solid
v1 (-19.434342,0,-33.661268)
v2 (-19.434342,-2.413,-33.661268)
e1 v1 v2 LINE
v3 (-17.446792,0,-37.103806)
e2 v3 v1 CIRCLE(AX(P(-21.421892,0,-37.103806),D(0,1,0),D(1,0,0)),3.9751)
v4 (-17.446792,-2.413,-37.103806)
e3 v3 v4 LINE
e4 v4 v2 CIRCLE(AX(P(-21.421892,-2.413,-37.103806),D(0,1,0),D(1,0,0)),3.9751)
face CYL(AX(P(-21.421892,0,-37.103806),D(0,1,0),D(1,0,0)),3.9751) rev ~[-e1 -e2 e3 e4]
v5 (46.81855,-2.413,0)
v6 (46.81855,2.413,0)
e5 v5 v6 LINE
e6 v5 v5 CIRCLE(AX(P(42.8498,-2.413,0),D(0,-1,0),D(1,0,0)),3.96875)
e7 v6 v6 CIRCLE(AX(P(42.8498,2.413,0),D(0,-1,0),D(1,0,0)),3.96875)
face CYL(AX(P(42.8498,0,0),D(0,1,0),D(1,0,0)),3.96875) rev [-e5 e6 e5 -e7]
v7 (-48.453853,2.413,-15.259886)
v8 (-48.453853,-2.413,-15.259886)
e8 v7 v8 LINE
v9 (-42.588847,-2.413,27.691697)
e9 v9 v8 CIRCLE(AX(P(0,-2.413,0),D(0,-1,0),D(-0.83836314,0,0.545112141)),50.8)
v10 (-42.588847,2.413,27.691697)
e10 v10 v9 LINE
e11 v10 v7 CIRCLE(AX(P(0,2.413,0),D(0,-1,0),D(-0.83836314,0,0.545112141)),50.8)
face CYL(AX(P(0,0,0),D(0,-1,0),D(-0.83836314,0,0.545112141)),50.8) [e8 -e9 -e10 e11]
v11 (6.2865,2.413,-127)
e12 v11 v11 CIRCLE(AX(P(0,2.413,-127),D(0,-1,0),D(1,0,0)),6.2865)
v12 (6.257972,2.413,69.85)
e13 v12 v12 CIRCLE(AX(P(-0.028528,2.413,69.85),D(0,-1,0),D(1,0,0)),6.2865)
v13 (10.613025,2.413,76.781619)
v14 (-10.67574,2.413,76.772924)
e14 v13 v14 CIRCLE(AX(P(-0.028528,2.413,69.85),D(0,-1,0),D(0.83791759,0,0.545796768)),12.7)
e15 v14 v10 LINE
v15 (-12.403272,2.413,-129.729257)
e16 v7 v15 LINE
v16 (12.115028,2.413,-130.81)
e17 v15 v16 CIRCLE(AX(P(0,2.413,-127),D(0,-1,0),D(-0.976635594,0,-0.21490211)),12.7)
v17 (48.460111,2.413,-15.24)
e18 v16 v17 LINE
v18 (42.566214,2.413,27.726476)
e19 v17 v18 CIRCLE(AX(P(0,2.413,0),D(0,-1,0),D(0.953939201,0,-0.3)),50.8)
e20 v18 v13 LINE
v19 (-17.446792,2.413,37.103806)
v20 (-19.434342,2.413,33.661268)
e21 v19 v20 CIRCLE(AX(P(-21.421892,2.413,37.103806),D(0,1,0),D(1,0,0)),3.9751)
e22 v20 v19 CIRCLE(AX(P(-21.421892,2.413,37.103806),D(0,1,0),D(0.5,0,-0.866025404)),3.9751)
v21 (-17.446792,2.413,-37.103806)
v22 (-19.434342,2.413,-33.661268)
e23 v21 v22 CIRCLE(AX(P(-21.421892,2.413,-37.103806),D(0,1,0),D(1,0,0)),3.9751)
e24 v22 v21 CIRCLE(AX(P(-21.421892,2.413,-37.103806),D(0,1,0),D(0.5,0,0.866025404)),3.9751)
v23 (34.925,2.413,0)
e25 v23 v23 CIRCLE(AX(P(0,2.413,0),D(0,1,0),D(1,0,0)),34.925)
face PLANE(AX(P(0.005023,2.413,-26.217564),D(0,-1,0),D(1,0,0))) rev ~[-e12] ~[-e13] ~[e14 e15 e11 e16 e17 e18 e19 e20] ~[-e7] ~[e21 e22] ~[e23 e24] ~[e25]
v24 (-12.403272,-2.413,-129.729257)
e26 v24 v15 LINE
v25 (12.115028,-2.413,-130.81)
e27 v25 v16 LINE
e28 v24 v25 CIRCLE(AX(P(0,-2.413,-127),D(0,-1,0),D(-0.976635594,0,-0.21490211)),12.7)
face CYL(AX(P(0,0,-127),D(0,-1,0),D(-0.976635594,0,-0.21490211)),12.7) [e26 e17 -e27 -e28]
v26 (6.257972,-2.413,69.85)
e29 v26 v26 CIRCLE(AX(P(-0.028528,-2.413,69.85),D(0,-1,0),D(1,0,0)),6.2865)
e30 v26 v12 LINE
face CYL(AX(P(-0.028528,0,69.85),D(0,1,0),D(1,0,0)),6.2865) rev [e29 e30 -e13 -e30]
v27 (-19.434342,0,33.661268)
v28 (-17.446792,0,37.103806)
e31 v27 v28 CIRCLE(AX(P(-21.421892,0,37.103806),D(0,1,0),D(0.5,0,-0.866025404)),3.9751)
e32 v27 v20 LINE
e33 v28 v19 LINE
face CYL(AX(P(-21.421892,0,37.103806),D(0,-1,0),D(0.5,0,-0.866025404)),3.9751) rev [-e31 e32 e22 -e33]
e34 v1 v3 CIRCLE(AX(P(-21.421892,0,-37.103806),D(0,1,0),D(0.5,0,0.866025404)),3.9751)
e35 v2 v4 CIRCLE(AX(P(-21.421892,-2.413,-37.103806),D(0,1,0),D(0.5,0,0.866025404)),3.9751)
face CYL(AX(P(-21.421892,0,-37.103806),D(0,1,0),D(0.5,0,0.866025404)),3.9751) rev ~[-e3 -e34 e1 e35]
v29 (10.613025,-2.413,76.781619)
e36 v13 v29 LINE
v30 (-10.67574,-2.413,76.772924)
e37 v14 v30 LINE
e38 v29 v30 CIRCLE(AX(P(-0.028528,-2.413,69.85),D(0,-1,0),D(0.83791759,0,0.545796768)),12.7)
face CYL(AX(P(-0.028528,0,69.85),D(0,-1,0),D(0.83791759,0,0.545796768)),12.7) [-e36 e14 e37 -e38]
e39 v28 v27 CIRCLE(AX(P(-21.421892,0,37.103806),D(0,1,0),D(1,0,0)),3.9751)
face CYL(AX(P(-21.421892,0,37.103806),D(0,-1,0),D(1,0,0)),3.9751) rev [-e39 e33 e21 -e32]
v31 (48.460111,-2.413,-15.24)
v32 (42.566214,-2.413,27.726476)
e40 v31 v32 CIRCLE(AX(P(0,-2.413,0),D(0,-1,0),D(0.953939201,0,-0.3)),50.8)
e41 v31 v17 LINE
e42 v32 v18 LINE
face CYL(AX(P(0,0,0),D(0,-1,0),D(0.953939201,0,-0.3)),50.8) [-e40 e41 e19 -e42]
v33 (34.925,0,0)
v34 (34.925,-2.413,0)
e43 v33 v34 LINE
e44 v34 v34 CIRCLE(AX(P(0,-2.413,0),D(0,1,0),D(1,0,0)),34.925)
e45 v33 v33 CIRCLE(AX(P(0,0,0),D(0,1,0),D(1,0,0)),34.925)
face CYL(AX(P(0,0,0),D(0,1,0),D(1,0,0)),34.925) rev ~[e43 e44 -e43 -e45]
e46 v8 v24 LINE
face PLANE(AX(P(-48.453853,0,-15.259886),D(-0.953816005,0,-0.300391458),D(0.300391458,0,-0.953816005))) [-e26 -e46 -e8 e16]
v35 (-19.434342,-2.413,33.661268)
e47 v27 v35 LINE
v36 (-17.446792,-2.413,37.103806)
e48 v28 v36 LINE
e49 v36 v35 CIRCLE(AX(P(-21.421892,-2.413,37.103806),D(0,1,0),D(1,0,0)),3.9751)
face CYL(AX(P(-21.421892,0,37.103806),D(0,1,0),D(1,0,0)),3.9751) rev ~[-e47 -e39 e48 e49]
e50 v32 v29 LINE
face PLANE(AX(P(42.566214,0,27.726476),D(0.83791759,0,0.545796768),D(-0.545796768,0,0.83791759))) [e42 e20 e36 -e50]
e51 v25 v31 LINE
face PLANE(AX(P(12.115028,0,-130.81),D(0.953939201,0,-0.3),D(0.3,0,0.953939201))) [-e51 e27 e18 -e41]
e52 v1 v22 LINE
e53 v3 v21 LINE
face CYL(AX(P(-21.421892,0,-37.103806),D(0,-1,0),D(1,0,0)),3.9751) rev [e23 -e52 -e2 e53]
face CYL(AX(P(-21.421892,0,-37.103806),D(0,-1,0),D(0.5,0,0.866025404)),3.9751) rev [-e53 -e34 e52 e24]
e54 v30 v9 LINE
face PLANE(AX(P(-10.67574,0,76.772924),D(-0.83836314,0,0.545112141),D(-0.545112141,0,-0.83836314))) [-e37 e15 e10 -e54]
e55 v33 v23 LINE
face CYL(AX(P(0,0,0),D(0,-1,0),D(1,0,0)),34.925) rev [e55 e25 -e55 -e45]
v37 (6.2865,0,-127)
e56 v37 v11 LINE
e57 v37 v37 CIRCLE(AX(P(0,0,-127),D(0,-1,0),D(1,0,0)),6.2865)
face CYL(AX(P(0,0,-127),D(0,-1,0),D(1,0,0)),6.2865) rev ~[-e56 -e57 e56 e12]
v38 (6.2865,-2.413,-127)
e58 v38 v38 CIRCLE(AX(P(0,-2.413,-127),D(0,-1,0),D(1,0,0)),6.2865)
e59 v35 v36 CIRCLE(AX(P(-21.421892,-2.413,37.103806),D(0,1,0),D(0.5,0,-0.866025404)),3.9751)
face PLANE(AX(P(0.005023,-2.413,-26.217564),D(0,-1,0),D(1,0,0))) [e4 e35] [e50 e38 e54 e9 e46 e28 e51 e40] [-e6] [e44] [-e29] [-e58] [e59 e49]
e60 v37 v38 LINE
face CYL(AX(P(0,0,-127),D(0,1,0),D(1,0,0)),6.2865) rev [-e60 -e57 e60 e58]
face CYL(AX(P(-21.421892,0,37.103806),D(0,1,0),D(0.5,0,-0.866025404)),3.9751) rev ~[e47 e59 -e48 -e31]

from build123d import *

# Parameters (mm, degrees)
F0_R     = 6.2865
F0_R_2   = 3.96875
F1_DEPTH = 2.413


with BuildPart() as f1:
    # F0 (on Front) → F1 (new body, symmetric)
    with BuildSketch(Plane.XZ):
        with BuildLine():
            Line((42.5662135777, 27.7264758246), (10.6130252204, 76.7816189562))
            ThreePointArc((10.6130252204, 76.7816189562), (-0.0337151144, 82.5499989408), (-10.6757400484, 76.7729241873))
            Line((-10.6757400484, 76.7729241873), (-42.5888474972, 27.6916967494))
            ThreePointArc((-42.5888474972, 27.6916967494), (-50.3329211177, 6.8729216323), (-48.4538530673, -15.259886072))
            Line((-48.4538530673, -15.259886072), (-12.4032720404, -129.7292568021))
            ThreePointArc((-12.4032720404, -129.7292568021), (-0.5592607997, -139.6876801409), (12.115027858, -130.81))
            Line((12.115027858, -130.81), (48.460111432, -15.24))
            ThreePointArc((48.460111432, -15.24), (50.3286943243, 6.9038052992), (42.5662135777, 27.7264758246))
        make_face()
        with Locations((0, -127)):
            Circle(F0_R, mode=Mode.SUBTRACT)
        with BuildLine():
            ThreePointArc((-17.4467922904, -37.1038058412), (-24.8644298729, -39.0913558412), (-19.4343422904, -33.6612682586))
            ThreePointArc((-19.4343422904, -33.6612682586), (-17.9793547078, -35.1162558412), (-17.4467922904, -37.1038058412))
        make_face(mode=Mode.SUBTRACT)
        with BuildLine():
            ThreePointArc((-17.4625, -30.2459372272), (-34.925, 0), (-17.4625, 30.2459372272))
            ThreePointArc((-17.4625, 30.2459372272), (17.4625, 30.2459372272), (34.925, 0))
            ThreePointArc((34.925, 0), (17.4625, -30.2459372272), (-17.4625, -30.2459372272))
        make_face(mode=Mode.SUBTRACT)
        with BuildLine():
            ThreePointArc((-19.4343422904, 33.6612682586), (-24.8644298729, 39.0913558412), (-17.4467922904, 37.1038058412))
            ThreePointArc((-17.4467922904, 37.1038058412), (-17.9793547078, 35.1162558412), (-19.4343422904, 33.6612682586))
        make_face(mode=Mode.SUBTRACT)
        with Locations((-0.0285281741, 69.85)):
            Circle(F0_R, mode=Mode.SUBTRACT)
        with Locations((42.8498, 0)):
            Circle(F0_R_2, mode=Mode.SUBTRACT)
    extrude(amount=F1_DEPTH, both=True)


solid = f1.part
